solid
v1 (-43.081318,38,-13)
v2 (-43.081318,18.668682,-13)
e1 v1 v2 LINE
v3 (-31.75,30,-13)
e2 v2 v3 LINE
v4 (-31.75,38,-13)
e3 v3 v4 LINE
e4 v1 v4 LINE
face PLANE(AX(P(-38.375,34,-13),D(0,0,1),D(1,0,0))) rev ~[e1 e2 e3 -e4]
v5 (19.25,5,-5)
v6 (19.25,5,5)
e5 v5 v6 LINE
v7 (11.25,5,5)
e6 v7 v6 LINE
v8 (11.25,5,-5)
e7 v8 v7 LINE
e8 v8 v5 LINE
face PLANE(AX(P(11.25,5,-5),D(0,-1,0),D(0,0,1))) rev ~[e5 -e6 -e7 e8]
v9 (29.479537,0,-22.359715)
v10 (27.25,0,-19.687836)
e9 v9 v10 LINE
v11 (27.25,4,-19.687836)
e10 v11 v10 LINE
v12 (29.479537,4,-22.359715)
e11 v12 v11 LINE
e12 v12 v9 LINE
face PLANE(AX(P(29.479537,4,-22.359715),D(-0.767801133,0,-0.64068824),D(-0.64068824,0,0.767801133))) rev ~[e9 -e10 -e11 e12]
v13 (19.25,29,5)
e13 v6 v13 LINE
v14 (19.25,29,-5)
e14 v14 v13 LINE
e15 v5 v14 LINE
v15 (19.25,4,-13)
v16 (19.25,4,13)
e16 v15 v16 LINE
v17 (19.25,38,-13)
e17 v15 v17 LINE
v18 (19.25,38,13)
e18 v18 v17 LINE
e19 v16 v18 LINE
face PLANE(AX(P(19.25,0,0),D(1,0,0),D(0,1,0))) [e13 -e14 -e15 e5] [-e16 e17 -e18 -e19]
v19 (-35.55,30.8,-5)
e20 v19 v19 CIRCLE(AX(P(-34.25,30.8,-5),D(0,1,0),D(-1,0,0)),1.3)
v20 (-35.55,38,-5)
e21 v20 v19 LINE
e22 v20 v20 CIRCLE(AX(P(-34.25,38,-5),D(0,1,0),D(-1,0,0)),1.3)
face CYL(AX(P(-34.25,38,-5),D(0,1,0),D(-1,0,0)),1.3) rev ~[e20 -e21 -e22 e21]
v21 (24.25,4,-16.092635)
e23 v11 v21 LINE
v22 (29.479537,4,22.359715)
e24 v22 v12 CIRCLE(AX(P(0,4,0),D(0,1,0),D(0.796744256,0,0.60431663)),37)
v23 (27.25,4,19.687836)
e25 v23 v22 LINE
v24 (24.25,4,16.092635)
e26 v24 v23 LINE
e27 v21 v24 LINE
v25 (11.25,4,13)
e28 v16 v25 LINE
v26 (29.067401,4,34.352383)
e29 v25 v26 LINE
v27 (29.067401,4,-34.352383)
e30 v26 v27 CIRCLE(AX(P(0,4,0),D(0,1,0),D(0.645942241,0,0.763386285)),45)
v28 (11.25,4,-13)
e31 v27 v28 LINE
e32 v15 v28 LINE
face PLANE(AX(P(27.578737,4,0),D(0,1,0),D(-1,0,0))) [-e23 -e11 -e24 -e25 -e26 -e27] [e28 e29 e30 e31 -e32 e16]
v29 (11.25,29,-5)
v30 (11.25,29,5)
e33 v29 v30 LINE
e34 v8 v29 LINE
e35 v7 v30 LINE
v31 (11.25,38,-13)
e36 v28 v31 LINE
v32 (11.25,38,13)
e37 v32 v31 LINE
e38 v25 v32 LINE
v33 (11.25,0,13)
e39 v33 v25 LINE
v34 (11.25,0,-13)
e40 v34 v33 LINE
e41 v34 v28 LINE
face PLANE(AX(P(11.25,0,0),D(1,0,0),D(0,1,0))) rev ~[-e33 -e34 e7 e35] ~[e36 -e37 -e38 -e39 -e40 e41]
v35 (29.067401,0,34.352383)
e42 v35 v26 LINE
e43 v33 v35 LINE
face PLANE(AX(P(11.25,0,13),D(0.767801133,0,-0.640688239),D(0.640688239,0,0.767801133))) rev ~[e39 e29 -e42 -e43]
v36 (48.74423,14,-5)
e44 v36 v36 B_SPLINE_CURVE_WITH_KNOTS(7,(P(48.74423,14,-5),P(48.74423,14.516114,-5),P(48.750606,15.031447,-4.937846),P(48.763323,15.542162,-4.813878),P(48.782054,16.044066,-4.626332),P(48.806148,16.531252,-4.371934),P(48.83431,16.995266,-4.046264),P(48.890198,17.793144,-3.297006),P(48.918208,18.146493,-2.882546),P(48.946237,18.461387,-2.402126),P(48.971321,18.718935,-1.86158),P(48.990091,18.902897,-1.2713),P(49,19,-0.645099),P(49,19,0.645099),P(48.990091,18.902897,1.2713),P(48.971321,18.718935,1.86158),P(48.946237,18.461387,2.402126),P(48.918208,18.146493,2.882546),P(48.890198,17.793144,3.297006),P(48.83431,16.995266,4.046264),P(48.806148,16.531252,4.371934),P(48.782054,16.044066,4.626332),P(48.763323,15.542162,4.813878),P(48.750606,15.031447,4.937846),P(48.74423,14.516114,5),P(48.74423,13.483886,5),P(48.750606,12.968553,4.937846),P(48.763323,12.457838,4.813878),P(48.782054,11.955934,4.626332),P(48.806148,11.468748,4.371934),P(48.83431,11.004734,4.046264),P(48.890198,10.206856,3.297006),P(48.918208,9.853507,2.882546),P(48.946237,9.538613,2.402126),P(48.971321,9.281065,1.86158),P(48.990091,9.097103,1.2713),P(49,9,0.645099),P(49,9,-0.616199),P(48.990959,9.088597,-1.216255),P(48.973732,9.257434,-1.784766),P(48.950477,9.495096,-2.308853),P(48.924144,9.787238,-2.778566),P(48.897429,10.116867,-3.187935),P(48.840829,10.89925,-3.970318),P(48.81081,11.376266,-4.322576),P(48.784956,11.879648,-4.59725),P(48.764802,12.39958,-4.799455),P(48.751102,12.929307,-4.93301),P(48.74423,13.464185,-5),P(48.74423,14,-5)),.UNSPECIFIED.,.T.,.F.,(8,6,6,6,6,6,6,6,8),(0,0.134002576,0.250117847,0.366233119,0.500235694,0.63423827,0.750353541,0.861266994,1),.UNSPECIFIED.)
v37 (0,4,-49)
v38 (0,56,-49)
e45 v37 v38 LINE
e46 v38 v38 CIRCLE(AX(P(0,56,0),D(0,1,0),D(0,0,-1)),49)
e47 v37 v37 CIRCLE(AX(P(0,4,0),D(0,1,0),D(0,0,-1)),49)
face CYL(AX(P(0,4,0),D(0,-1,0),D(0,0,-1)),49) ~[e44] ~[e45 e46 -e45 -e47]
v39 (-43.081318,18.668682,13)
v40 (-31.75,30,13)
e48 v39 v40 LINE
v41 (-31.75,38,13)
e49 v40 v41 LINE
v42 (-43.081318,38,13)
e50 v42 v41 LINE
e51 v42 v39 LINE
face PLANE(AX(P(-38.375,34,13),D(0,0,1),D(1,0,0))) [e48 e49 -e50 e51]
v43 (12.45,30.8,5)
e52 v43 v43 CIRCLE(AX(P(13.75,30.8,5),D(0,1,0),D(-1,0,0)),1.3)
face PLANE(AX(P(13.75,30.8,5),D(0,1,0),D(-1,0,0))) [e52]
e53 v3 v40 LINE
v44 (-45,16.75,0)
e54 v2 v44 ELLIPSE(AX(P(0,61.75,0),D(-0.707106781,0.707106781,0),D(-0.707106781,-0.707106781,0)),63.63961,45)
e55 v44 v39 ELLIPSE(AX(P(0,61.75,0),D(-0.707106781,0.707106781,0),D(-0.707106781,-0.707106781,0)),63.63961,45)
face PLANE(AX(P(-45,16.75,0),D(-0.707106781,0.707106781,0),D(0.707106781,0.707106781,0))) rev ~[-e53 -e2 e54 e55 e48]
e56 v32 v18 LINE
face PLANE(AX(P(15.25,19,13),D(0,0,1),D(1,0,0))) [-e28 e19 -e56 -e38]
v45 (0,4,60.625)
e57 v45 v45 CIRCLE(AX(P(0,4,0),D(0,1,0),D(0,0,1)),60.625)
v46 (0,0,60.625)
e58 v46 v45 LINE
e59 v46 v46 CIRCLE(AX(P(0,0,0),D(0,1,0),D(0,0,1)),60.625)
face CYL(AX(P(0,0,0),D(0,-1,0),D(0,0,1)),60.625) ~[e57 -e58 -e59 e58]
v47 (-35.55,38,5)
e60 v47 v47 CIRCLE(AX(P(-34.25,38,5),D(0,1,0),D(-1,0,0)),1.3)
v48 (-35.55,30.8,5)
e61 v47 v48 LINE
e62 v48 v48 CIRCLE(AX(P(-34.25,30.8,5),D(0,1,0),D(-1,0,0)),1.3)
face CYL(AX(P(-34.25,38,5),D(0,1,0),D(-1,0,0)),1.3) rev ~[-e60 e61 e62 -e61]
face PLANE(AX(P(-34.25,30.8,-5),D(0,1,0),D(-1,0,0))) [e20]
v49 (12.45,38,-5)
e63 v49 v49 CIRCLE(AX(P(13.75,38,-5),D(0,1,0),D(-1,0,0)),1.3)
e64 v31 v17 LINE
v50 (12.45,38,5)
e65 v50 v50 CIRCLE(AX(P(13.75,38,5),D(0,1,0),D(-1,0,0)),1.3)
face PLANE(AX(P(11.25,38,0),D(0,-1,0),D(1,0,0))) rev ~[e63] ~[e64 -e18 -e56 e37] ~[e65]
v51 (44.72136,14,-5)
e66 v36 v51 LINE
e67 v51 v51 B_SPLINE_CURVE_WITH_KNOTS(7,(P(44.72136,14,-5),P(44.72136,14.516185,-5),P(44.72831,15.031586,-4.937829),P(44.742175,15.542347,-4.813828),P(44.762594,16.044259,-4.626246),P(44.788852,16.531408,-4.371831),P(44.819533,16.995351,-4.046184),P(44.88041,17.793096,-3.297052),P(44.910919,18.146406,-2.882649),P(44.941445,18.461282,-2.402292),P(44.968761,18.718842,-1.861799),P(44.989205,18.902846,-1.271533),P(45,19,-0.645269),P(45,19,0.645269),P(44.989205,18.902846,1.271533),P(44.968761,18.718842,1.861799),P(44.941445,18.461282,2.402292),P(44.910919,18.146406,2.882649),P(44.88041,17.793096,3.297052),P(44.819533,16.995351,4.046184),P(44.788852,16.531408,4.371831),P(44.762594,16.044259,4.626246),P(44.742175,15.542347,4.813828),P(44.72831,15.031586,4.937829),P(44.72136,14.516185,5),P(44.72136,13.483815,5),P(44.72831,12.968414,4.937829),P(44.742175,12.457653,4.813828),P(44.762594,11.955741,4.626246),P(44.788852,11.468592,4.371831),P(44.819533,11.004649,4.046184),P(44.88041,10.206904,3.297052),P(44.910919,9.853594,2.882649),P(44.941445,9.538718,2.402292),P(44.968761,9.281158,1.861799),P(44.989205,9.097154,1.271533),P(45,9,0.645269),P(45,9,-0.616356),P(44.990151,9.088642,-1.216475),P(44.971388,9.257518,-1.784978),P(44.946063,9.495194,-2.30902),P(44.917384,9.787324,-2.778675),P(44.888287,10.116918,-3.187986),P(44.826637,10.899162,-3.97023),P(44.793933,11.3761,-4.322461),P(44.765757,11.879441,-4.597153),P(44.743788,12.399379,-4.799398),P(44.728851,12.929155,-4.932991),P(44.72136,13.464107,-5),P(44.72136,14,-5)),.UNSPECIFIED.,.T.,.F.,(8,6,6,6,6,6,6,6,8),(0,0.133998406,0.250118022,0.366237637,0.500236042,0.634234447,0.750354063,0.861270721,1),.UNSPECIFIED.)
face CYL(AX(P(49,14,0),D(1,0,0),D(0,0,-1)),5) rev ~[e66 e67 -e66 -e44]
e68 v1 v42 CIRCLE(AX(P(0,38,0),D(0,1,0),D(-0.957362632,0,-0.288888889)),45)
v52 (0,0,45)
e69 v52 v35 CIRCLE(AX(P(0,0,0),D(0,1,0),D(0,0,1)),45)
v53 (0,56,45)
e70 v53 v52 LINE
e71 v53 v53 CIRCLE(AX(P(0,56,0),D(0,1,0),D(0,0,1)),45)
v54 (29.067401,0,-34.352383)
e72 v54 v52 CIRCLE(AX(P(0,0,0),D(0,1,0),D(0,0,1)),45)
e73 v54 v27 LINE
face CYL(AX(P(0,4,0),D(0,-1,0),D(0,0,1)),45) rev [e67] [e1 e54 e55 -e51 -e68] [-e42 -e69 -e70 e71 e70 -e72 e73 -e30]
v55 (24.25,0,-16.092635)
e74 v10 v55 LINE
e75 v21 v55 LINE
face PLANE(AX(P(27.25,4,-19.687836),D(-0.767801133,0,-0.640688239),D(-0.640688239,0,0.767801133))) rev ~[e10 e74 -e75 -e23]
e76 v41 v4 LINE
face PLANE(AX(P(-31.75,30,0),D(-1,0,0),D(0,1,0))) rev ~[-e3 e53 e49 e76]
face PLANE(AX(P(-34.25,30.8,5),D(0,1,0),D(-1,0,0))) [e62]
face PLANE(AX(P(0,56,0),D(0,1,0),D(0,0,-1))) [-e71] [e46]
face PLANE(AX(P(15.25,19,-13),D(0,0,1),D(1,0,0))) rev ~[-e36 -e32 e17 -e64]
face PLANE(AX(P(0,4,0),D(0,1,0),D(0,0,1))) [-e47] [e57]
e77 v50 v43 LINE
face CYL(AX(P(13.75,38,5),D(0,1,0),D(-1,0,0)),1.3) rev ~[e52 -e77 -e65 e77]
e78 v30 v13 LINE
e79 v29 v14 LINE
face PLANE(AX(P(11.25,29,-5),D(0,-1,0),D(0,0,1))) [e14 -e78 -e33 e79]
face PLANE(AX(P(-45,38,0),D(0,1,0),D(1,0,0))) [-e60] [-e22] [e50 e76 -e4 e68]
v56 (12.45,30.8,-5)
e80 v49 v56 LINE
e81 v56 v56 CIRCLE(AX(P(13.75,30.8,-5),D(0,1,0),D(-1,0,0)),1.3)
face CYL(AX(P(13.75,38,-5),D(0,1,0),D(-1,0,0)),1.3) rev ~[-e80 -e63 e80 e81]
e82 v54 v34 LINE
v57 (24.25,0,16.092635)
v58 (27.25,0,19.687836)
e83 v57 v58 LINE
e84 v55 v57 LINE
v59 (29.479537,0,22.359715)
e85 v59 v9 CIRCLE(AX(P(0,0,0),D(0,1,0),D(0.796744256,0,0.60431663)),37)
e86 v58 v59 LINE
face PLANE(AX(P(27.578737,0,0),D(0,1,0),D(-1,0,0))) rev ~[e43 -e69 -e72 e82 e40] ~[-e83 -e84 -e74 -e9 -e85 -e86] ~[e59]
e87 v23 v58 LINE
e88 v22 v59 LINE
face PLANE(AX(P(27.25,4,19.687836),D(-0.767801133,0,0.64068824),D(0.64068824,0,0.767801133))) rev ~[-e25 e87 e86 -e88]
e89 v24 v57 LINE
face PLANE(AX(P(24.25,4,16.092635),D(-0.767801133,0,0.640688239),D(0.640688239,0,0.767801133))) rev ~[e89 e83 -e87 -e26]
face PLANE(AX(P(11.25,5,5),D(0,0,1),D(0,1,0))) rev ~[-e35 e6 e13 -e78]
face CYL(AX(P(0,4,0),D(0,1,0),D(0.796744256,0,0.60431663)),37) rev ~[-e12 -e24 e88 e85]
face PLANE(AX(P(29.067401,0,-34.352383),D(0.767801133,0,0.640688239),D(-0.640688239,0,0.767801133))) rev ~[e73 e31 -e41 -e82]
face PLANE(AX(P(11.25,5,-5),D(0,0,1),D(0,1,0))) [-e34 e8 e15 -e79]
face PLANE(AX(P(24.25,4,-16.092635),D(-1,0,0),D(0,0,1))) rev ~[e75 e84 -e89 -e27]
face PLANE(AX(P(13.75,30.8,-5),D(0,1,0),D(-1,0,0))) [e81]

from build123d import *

# Parameters (mm, degrees)
SKETCH1_R               = 60.625
SKETCH1_R_2             = 45
BOSS_EXTRUDE1_DEPTH     = 4
SKETCH2_R               = 49
SKETCH2_R_2             = 45
BOSS_EXTRUDE2_DEPTH     = 52
SKETCH4_W               = 13.25
SKETCH4_H               = 8
SKETCH4_W_2             = 8
SKETCH4_H_2             = 38
BOSS_EXTRUDE4_DEPTH     = 13
BOSS_EXTRUDE5_DEPTH     = 4
SKETCH7_R               = 1.3
CUT_EXTRUDE4_DEPTH      = 7.2
SKETCH9_W               = 10
SKETCH9_H               = 24
CUT_EXTRUDE7_DEPTH      = 8
CUT_EXTRUDE8_REACH      = 139.219
CUT_EXTRUDE8_END_RADIUS = 45
SKETCH11_R              = 5
CUT_EXTRUDE9_DEPTH      = 101.273532203


with BuildPart() as part:
    # Sketch1 → Boss-Extrude1 (new body)
    with BuildSketch(Plane(origin=(0, 0, 0), x_dir=(1, 0, 0), z_dir=(0, 1, 0))):
        with Locations(Location((0, 0, 0), (0, 0, 270))):
            Circle(SKETCH1_R)
        with Locations(Location((0, 0, 0), (0, 0, 270))):
            Circle(SKETCH1_R_2, mode=Mode.SUBTRACT)
    extrude(amount=BOSS_EXTRUDE1_DEPTH)

    # Sketch2 → Boss-Extrude2 (add)
    with BuildSketch(Plane(origin=(0, 4, 0), x_dir=(1, 0, 0), z_dir=(0, 1, 0))):
        with Locations(Location((0, 0, 0), (0, 0, 90))):
            Circle(SKETCH2_R)
        with Locations(Location((0, 0, 0), (0, 0, 270))):
            Circle(SKETCH2_R_2, mode=Mode.SUBTRACT)
    extrude(amount=BOSS_EXTRUDE2_DEPTH)

    # Sketch4 → Boss-Extrude4 (add, symmetric)
    with BuildSketch(Plane.XY):
        with Locations((-38.375, 34)):
            Rectangle(SKETCH4_W, SKETCH4_H)
        Polygon((-31.75, 30), (-45, 30), (-45, 16.75), align=None)
        with Locations((15.25, 19)):
            Rectangle(SKETCH4_W_2, SKETCH4_H_2)
    extrude(amount=BOSS_EXTRUDE4_DEPTH, both=True)


with BuildPart() as boss_extrude4_piece_1:
    # of the separate pieces the step leaves, piece 1, a body of its own (boss_extrude4_pieces)
    add(part.part.solids().sort_by_distance((0, 0, 60.625))[0])



with BuildPart() as boss_extrude4_piece_2:
    # of the separate pieces the step leaves, piece 2, a body of its own (boss_extrude4_pieces)
    add(part.part.solids().sort_by_distance((11.25, 38, -13))[0])


with BuildPart() as boss_extrude4_piece_1_1:
    add(boss_extrude4_piece_1.part)

    add(boss_extrude4_piece_2.part)  # Boss-Extrude5 merges Boss-Extrude4 piece 2
    # Sketch5 → Boss-Extrude5 (add)
    with BuildSketch(Plane.XZ):
        with BuildLine():
            Line((11.25, 13), (29.067400866, 34.352382842))
            ThreePointArc((29.067400866, 34.352382842), (45, 0), (29.067400866, -34.352382842))
            Line((29.067400866, -34.352382842), (11.25, -13))
            Line((11.25, -13), (11.25, 13))
        make_face()
    extrude(amount=-BOSS_EXTRUDE5_DEPTH)

    # Sketch7 → Cut-Extrude4 (cut)
    with BuildSketch(Plane(origin=(0, 38, 0), x_dir=(1, 0, 0), z_dir=(0, 1, 0))):
        with Locations(Location((-34.25, 5, 0), (0, 0, 180))):
            Circle(SKETCH7_R)
        with Locations(Location((-34.25, -5, 0), (0, 0, 180))):
            Circle(SKETCH7_R)
        with Locations(Location((13.75, 5, 0), (0, 0, 180))):
            Circle(SKETCH7_R)
        with Locations(Location((13.75, -5, 0), (0, 0, 180))):
            Circle(SKETCH7_R)
    extrude(amount=-CUT_EXTRUDE4_DEPTH, mode=Mode.SUBTRACT)

    # Sketch9 → Cut-Extrude7 (cut)
    with BuildSketch(Plane.ZY.offset(-11.25)):
        with Locations((0, 17)):
            Rectangle(SKETCH9_W, SKETCH9_H)
    extrude(amount=-CUT_EXTRUDE7_DEPTH, mode=Mode.SUBTRACT)

    # Cut-Extrude8: up to this cylinder (the profile starts outside it)
    cut_extrude8_end = Plane(origin=(0, 14, 0), z_dir=(0, -1, 0)) * Cylinder(CUT_EXTRUDE8_END_RADIUS, 369.438, mode=Mode.PRIVATE)
    # Sketch11 → Cut-Extrude8 (cut, up to the surface)
    with BuildSketch(Plane(origin=(49, 0, 0), x_dir=(0, 0, -1), z_dir=(1, 0, 0)), mode=Mode.PRIVATE) as cut_extrude8_sk1:
        with Locations((0, 14)):
            Circle(SKETCH11_R)
    cut_extrude8_tool1 = extrude(cut_extrude8_sk1.sketch, amount=-CUT_EXTRUDE8_REACH, mode=Mode.PRIVATE) - cut_extrude8_end
    add(cut_extrude8_tool1.solids().sort_by_distance((49, 14, 0))[0], mode=Mode.SUBTRACT)

    # Sketch12 → Cut-Extrude9 (cut, through all)
    with BuildSketch(Plane(origin=(0, 4, 0), x_dir=(1, 0, 0), z_dir=(0, 1, 0))):
        with BuildLine():
            Line((29.479537487, 22.359715328), (27.25, 19.687836398))
            Line((27.25, 19.687836398), (27.25, -19.687836398))
            Line((27.25, -19.687836398), (29.479537487, -22.359715328))
            ThreePointArc((29.479537487, -22.359715328), (37, 0), (29.479537487, 22.359715328))
        make_face()
        Polygon((27.25, -19.687836398), (27.25, 19.687836398), (24.25, 16.092634774), (24.25, -16.092634774), align=None)
    extrude(amount=-CUT_EXTRUDE9_DEPTH, mode=Mode.SUBTRACT)


solid = boss_extrude4_piece_1_1.part
